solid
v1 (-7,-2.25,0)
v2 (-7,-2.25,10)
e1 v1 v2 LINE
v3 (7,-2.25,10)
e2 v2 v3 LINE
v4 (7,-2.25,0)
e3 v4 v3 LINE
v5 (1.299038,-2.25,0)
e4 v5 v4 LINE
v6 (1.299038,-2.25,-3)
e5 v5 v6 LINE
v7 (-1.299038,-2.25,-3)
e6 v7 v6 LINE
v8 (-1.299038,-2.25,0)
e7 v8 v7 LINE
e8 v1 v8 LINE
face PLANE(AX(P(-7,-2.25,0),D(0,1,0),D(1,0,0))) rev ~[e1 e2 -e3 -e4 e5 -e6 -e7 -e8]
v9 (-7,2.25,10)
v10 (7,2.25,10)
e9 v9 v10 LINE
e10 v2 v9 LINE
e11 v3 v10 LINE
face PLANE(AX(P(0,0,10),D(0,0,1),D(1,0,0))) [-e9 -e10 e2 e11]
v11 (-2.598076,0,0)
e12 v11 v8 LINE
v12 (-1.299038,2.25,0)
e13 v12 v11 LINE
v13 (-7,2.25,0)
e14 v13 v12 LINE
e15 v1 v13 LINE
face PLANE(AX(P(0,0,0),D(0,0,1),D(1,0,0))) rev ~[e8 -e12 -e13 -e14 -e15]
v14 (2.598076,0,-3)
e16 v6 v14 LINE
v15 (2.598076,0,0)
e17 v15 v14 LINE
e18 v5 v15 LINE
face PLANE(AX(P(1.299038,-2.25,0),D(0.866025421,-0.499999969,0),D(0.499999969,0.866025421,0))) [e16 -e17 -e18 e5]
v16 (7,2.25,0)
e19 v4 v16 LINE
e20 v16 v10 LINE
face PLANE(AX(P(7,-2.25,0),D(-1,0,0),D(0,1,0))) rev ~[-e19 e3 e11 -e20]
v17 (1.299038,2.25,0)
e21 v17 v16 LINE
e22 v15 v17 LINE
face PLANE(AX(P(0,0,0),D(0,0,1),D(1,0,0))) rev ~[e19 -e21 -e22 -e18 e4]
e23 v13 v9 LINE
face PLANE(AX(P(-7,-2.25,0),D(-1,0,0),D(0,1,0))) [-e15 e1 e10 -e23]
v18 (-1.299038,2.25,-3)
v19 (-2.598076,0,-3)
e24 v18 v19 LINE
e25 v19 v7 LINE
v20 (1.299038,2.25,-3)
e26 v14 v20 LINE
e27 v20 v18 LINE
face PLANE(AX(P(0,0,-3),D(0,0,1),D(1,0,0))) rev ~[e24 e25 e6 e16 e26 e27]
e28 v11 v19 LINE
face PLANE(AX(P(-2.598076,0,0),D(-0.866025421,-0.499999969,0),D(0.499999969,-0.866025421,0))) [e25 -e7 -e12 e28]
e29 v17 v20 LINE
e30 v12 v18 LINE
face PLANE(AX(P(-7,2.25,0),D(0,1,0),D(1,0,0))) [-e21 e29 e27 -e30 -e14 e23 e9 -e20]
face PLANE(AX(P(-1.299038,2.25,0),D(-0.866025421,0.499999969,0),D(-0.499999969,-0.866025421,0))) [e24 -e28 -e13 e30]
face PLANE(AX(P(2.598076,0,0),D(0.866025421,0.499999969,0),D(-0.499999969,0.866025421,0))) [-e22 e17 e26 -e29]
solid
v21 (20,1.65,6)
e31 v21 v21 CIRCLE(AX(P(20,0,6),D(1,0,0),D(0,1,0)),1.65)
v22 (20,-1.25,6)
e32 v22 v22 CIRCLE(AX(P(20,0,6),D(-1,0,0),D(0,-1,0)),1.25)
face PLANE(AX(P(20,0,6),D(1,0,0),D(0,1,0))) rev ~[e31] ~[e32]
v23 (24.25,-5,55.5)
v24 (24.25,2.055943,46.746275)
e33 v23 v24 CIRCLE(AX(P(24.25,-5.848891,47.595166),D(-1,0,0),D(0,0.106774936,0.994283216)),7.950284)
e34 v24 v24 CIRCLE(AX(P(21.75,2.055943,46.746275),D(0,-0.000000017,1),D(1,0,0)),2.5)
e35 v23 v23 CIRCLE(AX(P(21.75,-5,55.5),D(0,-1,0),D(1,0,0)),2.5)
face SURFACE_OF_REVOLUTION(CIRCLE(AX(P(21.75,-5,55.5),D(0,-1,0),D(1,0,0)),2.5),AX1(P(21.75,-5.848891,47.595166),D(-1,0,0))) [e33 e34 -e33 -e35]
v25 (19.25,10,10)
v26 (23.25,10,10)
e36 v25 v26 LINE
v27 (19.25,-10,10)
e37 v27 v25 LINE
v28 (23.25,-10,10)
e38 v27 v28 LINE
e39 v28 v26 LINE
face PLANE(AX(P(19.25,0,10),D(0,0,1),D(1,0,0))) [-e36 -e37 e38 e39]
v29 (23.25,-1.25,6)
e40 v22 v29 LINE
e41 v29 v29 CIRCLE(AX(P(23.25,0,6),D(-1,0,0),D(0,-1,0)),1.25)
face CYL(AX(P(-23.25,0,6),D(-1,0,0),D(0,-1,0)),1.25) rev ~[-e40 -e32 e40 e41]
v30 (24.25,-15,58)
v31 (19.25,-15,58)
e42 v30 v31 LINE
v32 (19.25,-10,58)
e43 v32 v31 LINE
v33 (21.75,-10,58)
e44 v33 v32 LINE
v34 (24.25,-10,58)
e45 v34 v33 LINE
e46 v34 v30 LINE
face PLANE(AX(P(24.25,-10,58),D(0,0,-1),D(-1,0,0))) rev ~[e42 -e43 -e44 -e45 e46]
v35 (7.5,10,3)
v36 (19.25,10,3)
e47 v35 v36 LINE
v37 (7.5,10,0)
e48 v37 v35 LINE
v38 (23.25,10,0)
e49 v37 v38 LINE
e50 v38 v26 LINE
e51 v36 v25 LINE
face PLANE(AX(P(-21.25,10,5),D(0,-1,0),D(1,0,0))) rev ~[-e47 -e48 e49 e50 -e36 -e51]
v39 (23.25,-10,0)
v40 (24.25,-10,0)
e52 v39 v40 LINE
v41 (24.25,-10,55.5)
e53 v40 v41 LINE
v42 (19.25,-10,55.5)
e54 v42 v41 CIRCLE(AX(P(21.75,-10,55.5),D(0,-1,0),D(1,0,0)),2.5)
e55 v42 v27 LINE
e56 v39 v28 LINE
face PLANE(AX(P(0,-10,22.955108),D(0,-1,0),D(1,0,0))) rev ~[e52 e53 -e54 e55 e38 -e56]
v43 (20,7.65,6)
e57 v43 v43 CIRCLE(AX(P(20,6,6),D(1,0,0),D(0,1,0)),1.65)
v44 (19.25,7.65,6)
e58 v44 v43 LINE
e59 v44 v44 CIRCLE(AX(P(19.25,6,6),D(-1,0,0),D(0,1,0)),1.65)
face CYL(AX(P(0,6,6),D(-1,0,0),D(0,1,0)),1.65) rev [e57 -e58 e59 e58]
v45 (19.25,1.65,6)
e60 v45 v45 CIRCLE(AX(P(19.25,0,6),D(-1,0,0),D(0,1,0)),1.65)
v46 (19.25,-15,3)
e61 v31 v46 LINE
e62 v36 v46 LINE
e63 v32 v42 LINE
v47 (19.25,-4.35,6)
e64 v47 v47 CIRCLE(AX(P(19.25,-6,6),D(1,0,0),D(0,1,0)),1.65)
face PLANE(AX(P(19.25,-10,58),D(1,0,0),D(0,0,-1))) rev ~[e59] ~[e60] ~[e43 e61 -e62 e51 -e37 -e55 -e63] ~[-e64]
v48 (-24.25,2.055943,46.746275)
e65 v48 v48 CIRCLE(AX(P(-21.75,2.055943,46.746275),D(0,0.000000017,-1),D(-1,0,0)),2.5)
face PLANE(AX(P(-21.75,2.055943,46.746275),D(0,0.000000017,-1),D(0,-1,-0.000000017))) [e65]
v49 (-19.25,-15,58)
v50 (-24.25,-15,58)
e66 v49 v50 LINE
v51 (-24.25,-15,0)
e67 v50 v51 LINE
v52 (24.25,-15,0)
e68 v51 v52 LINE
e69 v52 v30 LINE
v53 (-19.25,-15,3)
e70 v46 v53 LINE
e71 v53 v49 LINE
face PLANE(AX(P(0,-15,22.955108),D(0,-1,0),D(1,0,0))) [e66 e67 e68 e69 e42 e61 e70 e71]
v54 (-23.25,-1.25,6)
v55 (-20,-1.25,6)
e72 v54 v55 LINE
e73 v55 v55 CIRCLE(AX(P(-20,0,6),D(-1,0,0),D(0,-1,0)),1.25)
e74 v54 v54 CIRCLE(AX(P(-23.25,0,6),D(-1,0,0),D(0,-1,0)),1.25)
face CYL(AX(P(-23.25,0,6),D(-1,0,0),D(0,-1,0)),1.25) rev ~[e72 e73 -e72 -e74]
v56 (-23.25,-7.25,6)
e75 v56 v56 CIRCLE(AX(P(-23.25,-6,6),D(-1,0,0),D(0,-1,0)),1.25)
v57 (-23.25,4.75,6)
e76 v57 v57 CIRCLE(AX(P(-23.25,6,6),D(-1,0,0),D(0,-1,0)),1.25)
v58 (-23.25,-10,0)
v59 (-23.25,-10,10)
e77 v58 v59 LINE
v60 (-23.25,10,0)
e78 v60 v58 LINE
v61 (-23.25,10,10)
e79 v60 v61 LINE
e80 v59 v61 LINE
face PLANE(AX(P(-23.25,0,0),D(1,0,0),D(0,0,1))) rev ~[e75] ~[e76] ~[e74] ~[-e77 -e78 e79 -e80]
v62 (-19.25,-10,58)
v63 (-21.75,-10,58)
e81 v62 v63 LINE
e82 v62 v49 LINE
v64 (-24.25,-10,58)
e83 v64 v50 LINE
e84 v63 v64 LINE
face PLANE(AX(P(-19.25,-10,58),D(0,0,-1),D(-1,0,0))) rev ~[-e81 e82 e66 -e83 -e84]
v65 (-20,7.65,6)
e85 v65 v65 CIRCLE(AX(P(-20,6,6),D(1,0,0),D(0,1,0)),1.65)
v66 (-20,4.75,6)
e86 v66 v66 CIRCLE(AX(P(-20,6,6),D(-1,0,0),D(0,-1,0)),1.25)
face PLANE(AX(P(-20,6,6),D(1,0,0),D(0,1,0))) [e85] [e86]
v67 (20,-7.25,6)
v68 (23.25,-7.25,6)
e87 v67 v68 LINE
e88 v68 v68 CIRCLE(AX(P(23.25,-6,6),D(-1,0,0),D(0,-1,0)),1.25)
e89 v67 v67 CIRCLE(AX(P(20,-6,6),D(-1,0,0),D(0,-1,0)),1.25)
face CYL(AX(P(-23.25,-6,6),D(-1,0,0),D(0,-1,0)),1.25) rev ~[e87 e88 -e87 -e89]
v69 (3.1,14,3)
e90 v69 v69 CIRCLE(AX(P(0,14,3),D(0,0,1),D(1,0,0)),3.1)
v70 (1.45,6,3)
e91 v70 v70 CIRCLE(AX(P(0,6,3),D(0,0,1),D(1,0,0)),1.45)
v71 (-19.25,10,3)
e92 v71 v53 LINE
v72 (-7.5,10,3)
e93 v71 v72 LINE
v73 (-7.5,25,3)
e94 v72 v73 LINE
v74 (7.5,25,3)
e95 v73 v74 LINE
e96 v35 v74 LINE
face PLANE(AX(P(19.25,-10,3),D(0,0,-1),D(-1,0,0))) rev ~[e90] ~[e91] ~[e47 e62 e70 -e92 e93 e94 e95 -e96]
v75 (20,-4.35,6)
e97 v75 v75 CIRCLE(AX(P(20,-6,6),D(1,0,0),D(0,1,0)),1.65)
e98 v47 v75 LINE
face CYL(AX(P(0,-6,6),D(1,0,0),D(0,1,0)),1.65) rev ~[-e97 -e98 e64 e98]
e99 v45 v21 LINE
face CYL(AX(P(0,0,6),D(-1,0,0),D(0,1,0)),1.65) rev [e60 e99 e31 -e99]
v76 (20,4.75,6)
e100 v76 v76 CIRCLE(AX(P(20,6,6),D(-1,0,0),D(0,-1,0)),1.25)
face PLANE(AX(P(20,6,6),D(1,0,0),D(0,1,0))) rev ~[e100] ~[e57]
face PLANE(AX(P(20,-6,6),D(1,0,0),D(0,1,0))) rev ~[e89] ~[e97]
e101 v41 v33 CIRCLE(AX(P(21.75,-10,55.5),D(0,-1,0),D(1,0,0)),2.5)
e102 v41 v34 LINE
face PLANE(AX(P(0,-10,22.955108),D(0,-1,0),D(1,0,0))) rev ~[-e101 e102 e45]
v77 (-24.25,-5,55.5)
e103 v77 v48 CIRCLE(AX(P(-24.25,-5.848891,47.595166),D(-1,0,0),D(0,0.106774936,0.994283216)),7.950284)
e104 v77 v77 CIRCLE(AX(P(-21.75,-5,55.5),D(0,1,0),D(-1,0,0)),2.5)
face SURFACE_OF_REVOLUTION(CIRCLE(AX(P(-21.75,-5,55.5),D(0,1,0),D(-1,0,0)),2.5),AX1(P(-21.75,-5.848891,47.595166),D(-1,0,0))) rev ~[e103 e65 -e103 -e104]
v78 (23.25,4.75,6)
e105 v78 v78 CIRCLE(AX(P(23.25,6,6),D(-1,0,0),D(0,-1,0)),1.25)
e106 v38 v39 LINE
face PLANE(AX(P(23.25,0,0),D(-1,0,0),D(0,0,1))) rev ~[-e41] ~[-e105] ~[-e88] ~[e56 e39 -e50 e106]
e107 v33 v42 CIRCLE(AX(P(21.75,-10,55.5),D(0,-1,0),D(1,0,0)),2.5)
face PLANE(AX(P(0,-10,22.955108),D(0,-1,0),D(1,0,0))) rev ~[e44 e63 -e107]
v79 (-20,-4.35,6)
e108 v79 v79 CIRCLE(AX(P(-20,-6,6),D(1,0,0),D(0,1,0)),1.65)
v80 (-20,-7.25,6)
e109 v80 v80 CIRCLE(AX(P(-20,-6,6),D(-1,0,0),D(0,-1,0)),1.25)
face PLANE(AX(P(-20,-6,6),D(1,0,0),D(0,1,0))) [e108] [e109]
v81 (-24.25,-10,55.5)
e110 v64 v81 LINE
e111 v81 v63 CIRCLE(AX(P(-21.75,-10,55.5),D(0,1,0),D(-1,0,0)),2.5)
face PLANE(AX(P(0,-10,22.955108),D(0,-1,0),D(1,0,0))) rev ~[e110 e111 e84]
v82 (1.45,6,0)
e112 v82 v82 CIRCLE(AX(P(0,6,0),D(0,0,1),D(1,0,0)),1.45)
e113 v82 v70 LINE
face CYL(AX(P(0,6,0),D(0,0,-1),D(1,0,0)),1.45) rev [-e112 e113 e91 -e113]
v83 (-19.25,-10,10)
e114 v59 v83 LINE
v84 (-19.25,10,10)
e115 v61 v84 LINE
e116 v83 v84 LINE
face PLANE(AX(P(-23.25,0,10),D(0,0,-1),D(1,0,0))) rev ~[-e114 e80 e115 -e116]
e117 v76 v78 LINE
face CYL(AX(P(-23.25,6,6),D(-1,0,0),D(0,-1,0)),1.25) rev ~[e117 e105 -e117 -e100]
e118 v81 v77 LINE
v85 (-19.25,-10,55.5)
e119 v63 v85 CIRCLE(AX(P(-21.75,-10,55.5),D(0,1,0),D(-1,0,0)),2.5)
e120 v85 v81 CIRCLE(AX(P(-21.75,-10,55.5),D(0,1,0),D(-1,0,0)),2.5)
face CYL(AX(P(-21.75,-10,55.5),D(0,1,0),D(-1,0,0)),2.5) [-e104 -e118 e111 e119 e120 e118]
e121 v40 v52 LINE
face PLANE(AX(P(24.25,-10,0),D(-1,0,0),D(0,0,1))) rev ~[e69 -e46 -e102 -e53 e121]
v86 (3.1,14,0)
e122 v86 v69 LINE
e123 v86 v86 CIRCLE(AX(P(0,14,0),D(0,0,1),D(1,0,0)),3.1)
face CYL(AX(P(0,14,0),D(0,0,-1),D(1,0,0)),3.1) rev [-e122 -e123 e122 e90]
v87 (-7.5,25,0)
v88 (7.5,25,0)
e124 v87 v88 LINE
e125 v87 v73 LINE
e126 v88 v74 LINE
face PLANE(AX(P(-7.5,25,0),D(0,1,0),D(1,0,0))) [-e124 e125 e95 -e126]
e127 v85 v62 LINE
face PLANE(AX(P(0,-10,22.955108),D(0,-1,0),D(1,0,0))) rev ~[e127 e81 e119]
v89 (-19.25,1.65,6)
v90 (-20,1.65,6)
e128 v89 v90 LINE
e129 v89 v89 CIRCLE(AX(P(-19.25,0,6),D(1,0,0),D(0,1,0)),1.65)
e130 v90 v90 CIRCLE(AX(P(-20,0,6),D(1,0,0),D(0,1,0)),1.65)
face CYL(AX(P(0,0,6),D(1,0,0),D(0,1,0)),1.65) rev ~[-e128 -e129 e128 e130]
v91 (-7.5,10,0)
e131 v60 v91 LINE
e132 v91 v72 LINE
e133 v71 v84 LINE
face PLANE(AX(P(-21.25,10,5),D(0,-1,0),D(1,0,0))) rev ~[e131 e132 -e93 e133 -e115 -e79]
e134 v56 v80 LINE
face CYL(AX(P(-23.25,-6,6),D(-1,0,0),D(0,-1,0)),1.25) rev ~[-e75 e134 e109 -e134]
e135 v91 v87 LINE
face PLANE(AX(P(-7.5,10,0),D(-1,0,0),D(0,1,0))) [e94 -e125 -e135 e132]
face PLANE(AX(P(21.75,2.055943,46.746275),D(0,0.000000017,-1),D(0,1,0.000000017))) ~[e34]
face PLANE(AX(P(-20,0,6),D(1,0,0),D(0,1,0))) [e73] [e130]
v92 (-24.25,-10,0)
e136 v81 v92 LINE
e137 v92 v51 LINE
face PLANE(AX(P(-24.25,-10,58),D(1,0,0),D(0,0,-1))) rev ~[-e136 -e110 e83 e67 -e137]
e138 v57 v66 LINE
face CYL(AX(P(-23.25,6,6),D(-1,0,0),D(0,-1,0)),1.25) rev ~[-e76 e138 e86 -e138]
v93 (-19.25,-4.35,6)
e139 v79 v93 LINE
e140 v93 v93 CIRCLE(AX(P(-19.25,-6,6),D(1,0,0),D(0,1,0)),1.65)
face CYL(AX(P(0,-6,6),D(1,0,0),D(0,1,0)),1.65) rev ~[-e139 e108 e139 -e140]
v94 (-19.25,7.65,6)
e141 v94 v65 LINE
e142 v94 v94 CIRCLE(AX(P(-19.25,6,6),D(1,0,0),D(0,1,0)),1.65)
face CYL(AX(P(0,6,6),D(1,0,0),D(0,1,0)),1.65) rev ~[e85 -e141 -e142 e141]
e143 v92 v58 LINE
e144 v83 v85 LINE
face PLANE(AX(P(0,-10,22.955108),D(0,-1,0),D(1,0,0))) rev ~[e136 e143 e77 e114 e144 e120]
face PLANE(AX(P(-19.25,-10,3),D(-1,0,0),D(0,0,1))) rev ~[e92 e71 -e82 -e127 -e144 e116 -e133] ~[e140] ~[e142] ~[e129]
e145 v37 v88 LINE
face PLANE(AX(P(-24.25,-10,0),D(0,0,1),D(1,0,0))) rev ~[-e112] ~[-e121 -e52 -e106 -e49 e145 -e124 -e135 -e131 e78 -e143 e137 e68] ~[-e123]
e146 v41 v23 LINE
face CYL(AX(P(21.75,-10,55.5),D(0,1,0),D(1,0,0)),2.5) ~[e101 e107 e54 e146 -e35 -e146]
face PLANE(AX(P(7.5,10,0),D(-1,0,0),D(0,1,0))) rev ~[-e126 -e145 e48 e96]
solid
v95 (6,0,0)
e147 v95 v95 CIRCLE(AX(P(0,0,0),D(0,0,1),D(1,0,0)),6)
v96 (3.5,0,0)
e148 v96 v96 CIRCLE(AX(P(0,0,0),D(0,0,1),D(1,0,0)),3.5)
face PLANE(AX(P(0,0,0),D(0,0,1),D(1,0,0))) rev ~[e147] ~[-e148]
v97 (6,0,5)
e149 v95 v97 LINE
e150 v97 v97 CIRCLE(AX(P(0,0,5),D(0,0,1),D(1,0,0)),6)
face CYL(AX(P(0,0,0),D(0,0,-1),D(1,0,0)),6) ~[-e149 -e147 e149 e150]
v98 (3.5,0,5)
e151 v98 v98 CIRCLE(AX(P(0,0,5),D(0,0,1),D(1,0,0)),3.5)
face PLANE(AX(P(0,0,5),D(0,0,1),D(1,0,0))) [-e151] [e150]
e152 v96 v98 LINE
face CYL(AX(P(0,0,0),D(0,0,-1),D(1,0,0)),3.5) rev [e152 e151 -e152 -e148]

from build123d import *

# Parameters (mm, degrees)
SKETCH_W        = 38.5
SKETCH_H        = 20
SKETCH_R        = 1.45
PAD_DEPTH       = 3
SKETCH001_W     = 4
SKETCH001_H     = 10
PAD001_DEPTH    = 10
SKETCH002_R     = 1.25
POCKET_DEPTH    = 46.501
SKETCH003_R     = 1.65
POCKET001_DEPTH = 20
PAD002_DEPTH    = 5
SKETCH005_R     = 2.5
SKETCH007_W     = 15
SKETCH007_H     = 15
SKETCH007_R     = 3.1
PAD003_DEPTH    = 3
SKETCH008_R     = 6
SKETCH008_R_2   = 3.5
PAD004_DEPTH    = 5
PAD005_DEPTH    = 3
SKETCH010_W     = 14
SKETCH010_H     = 4.5
PAD006_DEPTH    = 10


with BuildPart() as body:
    # Sketch → Pad (new body)
    with BuildSketch(Plane.XY):
        Rectangle(SKETCH_W, SKETCH_H)
        with Locations((0, 6)):
            Circle(SKETCH_R, mode=Mode.SUBTRACT)
    extrude(amount=PAD_DEPTH)

    # Sketch001 → Pad001 (join, symmetric)
    with BuildSketch(Plane.XZ):
        with Locations((21.25, 5)):
            Rectangle(SKETCH001_W, SKETCH001_H)
        with Locations((-21.25, 5)):
            Rectangle(SKETCH001_W, SKETCH001_H)
    extrude(amount=PAD001_DEPTH, both=True)

    # Sketch002 (on Face9 of Pad001) → Pocket (cut, through all)
    with BuildSketch(Plane(origin=(-23.25, 0, 0), x_dir=(0, -1, 0), z_dir=(-1, 0, 0))):
        with Locations((-6, 6)):
            Circle(SKETCH002_R)
        with Locations((6, 6)):
            Circle(SKETCH002_R)
        with Locations((0, 6)):
            Circle(SKETCH002_R)
    extrude(amount=-POCKET_DEPTH, mode=Mode.SUBTRACT)

    # Sketch003 → Pocket001 (cut, symmetric)
    with BuildSketch(Plane.YZ):
        with Locations((0, 6)):
            Circle(SKETCH003_R)
        with Locations((6, 6)):
            Circle(SKETCH003_R)
        with Locations((-6, 6)):
            Circle(SKETCH003_R)
    extrude(amount=POCKET001_DEPTH, both=True, mode=Mode.SUBTRACT)

    # Sketch004 (on Face14 of Pocket001) → Pad002 (join)
    with BuildSketch(Plane.XZ.offset(10)):
        Polygon((19.25, 0), (24.25, 0), (24.25, 58), (19.25, 58), (19.25, 3), (-19.25, 3), (-19.25, 58), (-24.25, 58), (-24.25, 0), (-19.25, 0), align=None)
    extrude(amount=PAD002_DEPTH)

    # AdditivePipe: sweep along a path in Sketch006
    with BuildLine(Plane.YZ.offset(-21.75)) as additivepipe_path:
        Line((-10, 55.55), (-5, 55.55))
        ThreePointArc((-5, 55.55), (0.376283, 52.619826), (2.105943, 46.746275))
    # Sketch005 (on Face17 of Pad002) → AdditivePipe (sweep)
    with BuildSketch(Plane(origin=(0, -10, 0), x_dir=(-1, 0, 0), z_dir=(0, 1, 0))):
        with Locations((21.75, 55.5)):
            Circle(SKETCH005_R)
    additivepipe = sweep(path=additivepipe_path.line)

    # Mirrored: AdditivePipe across Sketch005 V_Axis
    add(additivepipe.mirror(Plane(origin=(0, -10, 0), x_dir=(0, 1, 0), z_dir=(-1, 0, 0))))

    # Sketch007 → Pad003 (join)
    with BuildSketch(Plane.XY):
        with Locations((0, 17.5)):
            Rectangle(SKETCH007_W, SKETCH007_H)
        with Locations((0, 14)):
            Circle(SKETCH007_R, mode=Mode.SUBTRACT)
    extrude(amount=PAD003_DEPTH)


with BuildPart() as spacer:
    # Sketch008 → Pad004 (new body)
    with BuildSketch(Plane.XY):
        Circle(SKETCH008_R)
        Circle(SKETCH008_R_2, mode=Mode.SUBTRACT)
    extrude(amount=PAD004_DEPTH)


with BuildPart() as bits:
    # Sketch009 → Pad005 (new body)
    with BuildSketch(Plane.XY):
        Polygon((-1.299038, -2.25), (1.299038, -2.25), (2.598076, 0), (1.299038, 2.25), (-1.299038, 2.25), (-2.598076, 0), align=None)
    extrude(amount=-PAD005_DEPTH)

    # Sketch010 → Pad006 (join)
    with BuildSketch(Plane.XY):
        Rectangle(SKETCH010_W, SKETCH010_H)
    extrude(amount=PAD006_DEPTH)


solid = Compound([body.part, spacer.part, bits.part])
